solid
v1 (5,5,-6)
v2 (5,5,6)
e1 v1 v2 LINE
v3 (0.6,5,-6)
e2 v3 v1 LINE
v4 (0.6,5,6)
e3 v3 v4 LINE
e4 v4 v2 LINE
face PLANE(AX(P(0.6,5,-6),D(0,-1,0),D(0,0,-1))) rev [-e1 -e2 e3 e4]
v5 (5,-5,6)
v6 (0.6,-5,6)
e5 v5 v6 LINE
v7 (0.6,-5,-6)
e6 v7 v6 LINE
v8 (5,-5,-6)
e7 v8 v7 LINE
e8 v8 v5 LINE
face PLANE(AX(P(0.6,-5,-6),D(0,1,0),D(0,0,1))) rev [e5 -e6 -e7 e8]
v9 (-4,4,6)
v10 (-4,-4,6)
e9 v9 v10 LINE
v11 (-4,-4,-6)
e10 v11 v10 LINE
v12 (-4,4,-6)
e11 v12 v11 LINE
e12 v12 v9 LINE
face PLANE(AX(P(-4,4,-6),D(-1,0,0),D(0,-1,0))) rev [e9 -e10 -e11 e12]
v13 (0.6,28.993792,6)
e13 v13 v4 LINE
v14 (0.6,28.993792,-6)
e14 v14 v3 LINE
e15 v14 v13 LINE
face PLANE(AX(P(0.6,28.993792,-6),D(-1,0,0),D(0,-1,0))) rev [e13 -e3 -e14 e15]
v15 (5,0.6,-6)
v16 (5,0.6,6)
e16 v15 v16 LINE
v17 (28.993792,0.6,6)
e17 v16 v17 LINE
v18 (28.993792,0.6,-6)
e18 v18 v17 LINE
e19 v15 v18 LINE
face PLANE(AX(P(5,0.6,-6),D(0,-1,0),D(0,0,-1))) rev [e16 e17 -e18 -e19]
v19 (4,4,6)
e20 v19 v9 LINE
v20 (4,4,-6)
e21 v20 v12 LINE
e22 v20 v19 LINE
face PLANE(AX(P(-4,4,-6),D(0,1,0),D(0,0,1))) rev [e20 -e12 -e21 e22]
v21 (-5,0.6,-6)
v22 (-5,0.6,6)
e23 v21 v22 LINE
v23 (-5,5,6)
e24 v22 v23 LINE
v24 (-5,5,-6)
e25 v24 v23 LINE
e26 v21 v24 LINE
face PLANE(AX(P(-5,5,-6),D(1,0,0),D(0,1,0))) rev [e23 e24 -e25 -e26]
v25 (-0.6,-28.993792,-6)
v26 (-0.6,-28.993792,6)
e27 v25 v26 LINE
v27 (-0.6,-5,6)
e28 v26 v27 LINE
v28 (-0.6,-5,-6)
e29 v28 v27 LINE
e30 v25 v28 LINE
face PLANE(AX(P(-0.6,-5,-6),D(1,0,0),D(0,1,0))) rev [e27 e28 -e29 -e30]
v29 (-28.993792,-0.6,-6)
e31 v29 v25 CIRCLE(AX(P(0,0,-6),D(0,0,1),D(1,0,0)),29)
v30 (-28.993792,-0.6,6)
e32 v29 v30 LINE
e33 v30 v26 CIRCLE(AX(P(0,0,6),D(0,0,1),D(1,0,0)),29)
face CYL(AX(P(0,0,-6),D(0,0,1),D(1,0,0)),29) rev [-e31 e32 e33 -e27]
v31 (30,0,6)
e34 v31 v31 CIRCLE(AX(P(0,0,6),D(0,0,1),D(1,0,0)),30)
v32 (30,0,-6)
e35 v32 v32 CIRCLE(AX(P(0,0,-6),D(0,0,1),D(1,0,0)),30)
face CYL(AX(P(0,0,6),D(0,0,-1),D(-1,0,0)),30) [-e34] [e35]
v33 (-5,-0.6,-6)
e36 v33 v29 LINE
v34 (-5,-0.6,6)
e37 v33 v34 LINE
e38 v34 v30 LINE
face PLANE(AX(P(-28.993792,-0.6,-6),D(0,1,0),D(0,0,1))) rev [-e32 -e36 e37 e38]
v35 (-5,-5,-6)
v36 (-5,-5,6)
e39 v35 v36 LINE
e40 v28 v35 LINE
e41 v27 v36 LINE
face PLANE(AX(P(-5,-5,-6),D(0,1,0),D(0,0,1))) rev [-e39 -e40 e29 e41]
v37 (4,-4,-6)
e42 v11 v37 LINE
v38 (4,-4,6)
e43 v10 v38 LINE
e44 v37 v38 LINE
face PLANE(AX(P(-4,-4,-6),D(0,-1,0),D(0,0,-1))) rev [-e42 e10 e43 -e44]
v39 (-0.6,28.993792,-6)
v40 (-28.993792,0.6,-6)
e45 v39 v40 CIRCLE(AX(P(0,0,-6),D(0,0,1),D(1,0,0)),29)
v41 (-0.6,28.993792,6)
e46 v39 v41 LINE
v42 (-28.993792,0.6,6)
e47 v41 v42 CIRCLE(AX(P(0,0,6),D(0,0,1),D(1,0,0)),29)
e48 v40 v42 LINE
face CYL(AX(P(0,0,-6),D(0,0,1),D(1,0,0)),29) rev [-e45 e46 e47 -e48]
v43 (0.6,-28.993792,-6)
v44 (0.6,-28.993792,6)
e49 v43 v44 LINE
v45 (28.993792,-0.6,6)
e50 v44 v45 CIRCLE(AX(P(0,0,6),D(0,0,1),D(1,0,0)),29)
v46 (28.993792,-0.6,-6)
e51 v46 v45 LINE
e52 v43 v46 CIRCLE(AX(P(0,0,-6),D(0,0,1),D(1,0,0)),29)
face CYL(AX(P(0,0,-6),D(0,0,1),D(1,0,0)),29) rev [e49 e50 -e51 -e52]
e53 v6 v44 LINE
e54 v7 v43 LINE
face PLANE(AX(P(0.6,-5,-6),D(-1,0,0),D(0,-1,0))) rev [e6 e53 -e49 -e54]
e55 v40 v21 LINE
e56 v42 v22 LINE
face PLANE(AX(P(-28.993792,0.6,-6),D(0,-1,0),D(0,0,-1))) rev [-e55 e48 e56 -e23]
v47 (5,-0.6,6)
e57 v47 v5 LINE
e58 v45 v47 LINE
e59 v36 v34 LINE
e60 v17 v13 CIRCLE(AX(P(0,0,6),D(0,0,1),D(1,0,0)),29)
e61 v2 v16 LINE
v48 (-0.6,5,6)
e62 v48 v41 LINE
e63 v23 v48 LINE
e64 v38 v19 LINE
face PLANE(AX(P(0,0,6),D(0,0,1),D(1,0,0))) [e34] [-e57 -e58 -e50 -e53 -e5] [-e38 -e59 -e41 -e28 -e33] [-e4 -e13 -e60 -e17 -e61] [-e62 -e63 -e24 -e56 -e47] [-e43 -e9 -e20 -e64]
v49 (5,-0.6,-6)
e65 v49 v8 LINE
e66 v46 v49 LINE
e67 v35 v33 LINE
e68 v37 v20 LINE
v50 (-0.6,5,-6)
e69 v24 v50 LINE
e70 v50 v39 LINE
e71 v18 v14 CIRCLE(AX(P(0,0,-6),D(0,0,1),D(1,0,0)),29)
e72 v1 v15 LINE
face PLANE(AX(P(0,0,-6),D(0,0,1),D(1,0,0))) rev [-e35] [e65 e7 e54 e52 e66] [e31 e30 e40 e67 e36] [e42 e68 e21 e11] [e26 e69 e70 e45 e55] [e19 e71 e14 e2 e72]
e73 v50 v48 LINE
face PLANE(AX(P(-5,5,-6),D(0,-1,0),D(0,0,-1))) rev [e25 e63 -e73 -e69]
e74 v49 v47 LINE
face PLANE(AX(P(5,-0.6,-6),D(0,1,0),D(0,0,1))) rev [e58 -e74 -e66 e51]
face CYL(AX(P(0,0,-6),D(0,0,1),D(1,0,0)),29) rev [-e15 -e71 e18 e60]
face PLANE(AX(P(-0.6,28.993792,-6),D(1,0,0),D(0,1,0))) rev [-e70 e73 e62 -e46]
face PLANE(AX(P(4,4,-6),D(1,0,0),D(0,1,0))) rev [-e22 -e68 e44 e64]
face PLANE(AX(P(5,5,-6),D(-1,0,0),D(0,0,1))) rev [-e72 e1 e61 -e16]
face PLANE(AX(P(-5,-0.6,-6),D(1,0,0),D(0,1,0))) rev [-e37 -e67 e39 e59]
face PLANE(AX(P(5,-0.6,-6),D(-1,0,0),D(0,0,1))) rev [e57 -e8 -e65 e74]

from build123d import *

# Parameters (mm, degrees)
SKETCH_1_R          = 30
EXTRUDE_2_DEPTH     = 6
SKETCH_6_W          = 8
SKETCH_6_H          = 8
CUT_EXTRUDE_2_DEPTH = 45.09081537


with BuildPart() as part:
    # 草图1 → 凸台-拉伸2 (new, symmetric)
    with BuildSketch(Plane.XY):
        Circle(SKETCH_1_R)
    extrude(amount=EXTRUDE_2_DEPTH, both=True)

    # 草图6 → 切除-拉伸2 (cut, through all)
    with BuildSketch(Plane.XY.offset(6)):
        with BuildLine():
            Line((-0.6, 28.993792439), (-0.6, 5))
            Line((-0.6, 5), (-5, 5))
            Line((-5, 5), (-5, 0.6))
            Line((-5, 0.6), (-28.993792439, 0.6))
            ThreePointArc((-28.993792439, 0.6), (-20.506096654, 20.506096654), (-0.6, 28.993792439))
        make_face()
        with BuildLine():
            Line((-28.993792439, -0.6), (-5, -0.6))
            Line((-5, -0.6), (-5, -5))
            Line((-5, -5), (-0.6, -5))
            Line((-0.6, -5), (-0.6, -28.993792439))
            ThreePointArc((-0.6, -28.993792439), (-20.506096654, -20.506096654), (-28.993792439, -0.6))
        make_face()
        with BuildLine():
            Line((0.6, 28.993792439), (0.6, 5))
            Line((0.6, 5), (5, 5))
            Line((5, 5), (5, 0.6))
            Line((5, 0.6), (28.993792439, 0.6))
            ThreePointArc((28.993792439, 0.6), (20.506096654, 20.506096654), (0.6, 28.993792439))
        make_face()
        with BuildLine():
            Line((5, -0.6), (28.993792439, -0.6))
            ThreePointArc((28.993792439, -0.6), (20.506096654, -20.506096654), (0.6, -28.993792439))
            Line((0.6, -28.993792439), (0.6, -5))
            Line((0.6, -5), (5, -5))
            Line((5, -5), (5, -0.6))
        make_face()
        Rectangle(SKETCH_6_W, SKETCH_6_H)
    extrude(amount=-CUT_EXTRUDE_2_DEPTH, mode=Mode.SUBTRACT)


solid = part.part
